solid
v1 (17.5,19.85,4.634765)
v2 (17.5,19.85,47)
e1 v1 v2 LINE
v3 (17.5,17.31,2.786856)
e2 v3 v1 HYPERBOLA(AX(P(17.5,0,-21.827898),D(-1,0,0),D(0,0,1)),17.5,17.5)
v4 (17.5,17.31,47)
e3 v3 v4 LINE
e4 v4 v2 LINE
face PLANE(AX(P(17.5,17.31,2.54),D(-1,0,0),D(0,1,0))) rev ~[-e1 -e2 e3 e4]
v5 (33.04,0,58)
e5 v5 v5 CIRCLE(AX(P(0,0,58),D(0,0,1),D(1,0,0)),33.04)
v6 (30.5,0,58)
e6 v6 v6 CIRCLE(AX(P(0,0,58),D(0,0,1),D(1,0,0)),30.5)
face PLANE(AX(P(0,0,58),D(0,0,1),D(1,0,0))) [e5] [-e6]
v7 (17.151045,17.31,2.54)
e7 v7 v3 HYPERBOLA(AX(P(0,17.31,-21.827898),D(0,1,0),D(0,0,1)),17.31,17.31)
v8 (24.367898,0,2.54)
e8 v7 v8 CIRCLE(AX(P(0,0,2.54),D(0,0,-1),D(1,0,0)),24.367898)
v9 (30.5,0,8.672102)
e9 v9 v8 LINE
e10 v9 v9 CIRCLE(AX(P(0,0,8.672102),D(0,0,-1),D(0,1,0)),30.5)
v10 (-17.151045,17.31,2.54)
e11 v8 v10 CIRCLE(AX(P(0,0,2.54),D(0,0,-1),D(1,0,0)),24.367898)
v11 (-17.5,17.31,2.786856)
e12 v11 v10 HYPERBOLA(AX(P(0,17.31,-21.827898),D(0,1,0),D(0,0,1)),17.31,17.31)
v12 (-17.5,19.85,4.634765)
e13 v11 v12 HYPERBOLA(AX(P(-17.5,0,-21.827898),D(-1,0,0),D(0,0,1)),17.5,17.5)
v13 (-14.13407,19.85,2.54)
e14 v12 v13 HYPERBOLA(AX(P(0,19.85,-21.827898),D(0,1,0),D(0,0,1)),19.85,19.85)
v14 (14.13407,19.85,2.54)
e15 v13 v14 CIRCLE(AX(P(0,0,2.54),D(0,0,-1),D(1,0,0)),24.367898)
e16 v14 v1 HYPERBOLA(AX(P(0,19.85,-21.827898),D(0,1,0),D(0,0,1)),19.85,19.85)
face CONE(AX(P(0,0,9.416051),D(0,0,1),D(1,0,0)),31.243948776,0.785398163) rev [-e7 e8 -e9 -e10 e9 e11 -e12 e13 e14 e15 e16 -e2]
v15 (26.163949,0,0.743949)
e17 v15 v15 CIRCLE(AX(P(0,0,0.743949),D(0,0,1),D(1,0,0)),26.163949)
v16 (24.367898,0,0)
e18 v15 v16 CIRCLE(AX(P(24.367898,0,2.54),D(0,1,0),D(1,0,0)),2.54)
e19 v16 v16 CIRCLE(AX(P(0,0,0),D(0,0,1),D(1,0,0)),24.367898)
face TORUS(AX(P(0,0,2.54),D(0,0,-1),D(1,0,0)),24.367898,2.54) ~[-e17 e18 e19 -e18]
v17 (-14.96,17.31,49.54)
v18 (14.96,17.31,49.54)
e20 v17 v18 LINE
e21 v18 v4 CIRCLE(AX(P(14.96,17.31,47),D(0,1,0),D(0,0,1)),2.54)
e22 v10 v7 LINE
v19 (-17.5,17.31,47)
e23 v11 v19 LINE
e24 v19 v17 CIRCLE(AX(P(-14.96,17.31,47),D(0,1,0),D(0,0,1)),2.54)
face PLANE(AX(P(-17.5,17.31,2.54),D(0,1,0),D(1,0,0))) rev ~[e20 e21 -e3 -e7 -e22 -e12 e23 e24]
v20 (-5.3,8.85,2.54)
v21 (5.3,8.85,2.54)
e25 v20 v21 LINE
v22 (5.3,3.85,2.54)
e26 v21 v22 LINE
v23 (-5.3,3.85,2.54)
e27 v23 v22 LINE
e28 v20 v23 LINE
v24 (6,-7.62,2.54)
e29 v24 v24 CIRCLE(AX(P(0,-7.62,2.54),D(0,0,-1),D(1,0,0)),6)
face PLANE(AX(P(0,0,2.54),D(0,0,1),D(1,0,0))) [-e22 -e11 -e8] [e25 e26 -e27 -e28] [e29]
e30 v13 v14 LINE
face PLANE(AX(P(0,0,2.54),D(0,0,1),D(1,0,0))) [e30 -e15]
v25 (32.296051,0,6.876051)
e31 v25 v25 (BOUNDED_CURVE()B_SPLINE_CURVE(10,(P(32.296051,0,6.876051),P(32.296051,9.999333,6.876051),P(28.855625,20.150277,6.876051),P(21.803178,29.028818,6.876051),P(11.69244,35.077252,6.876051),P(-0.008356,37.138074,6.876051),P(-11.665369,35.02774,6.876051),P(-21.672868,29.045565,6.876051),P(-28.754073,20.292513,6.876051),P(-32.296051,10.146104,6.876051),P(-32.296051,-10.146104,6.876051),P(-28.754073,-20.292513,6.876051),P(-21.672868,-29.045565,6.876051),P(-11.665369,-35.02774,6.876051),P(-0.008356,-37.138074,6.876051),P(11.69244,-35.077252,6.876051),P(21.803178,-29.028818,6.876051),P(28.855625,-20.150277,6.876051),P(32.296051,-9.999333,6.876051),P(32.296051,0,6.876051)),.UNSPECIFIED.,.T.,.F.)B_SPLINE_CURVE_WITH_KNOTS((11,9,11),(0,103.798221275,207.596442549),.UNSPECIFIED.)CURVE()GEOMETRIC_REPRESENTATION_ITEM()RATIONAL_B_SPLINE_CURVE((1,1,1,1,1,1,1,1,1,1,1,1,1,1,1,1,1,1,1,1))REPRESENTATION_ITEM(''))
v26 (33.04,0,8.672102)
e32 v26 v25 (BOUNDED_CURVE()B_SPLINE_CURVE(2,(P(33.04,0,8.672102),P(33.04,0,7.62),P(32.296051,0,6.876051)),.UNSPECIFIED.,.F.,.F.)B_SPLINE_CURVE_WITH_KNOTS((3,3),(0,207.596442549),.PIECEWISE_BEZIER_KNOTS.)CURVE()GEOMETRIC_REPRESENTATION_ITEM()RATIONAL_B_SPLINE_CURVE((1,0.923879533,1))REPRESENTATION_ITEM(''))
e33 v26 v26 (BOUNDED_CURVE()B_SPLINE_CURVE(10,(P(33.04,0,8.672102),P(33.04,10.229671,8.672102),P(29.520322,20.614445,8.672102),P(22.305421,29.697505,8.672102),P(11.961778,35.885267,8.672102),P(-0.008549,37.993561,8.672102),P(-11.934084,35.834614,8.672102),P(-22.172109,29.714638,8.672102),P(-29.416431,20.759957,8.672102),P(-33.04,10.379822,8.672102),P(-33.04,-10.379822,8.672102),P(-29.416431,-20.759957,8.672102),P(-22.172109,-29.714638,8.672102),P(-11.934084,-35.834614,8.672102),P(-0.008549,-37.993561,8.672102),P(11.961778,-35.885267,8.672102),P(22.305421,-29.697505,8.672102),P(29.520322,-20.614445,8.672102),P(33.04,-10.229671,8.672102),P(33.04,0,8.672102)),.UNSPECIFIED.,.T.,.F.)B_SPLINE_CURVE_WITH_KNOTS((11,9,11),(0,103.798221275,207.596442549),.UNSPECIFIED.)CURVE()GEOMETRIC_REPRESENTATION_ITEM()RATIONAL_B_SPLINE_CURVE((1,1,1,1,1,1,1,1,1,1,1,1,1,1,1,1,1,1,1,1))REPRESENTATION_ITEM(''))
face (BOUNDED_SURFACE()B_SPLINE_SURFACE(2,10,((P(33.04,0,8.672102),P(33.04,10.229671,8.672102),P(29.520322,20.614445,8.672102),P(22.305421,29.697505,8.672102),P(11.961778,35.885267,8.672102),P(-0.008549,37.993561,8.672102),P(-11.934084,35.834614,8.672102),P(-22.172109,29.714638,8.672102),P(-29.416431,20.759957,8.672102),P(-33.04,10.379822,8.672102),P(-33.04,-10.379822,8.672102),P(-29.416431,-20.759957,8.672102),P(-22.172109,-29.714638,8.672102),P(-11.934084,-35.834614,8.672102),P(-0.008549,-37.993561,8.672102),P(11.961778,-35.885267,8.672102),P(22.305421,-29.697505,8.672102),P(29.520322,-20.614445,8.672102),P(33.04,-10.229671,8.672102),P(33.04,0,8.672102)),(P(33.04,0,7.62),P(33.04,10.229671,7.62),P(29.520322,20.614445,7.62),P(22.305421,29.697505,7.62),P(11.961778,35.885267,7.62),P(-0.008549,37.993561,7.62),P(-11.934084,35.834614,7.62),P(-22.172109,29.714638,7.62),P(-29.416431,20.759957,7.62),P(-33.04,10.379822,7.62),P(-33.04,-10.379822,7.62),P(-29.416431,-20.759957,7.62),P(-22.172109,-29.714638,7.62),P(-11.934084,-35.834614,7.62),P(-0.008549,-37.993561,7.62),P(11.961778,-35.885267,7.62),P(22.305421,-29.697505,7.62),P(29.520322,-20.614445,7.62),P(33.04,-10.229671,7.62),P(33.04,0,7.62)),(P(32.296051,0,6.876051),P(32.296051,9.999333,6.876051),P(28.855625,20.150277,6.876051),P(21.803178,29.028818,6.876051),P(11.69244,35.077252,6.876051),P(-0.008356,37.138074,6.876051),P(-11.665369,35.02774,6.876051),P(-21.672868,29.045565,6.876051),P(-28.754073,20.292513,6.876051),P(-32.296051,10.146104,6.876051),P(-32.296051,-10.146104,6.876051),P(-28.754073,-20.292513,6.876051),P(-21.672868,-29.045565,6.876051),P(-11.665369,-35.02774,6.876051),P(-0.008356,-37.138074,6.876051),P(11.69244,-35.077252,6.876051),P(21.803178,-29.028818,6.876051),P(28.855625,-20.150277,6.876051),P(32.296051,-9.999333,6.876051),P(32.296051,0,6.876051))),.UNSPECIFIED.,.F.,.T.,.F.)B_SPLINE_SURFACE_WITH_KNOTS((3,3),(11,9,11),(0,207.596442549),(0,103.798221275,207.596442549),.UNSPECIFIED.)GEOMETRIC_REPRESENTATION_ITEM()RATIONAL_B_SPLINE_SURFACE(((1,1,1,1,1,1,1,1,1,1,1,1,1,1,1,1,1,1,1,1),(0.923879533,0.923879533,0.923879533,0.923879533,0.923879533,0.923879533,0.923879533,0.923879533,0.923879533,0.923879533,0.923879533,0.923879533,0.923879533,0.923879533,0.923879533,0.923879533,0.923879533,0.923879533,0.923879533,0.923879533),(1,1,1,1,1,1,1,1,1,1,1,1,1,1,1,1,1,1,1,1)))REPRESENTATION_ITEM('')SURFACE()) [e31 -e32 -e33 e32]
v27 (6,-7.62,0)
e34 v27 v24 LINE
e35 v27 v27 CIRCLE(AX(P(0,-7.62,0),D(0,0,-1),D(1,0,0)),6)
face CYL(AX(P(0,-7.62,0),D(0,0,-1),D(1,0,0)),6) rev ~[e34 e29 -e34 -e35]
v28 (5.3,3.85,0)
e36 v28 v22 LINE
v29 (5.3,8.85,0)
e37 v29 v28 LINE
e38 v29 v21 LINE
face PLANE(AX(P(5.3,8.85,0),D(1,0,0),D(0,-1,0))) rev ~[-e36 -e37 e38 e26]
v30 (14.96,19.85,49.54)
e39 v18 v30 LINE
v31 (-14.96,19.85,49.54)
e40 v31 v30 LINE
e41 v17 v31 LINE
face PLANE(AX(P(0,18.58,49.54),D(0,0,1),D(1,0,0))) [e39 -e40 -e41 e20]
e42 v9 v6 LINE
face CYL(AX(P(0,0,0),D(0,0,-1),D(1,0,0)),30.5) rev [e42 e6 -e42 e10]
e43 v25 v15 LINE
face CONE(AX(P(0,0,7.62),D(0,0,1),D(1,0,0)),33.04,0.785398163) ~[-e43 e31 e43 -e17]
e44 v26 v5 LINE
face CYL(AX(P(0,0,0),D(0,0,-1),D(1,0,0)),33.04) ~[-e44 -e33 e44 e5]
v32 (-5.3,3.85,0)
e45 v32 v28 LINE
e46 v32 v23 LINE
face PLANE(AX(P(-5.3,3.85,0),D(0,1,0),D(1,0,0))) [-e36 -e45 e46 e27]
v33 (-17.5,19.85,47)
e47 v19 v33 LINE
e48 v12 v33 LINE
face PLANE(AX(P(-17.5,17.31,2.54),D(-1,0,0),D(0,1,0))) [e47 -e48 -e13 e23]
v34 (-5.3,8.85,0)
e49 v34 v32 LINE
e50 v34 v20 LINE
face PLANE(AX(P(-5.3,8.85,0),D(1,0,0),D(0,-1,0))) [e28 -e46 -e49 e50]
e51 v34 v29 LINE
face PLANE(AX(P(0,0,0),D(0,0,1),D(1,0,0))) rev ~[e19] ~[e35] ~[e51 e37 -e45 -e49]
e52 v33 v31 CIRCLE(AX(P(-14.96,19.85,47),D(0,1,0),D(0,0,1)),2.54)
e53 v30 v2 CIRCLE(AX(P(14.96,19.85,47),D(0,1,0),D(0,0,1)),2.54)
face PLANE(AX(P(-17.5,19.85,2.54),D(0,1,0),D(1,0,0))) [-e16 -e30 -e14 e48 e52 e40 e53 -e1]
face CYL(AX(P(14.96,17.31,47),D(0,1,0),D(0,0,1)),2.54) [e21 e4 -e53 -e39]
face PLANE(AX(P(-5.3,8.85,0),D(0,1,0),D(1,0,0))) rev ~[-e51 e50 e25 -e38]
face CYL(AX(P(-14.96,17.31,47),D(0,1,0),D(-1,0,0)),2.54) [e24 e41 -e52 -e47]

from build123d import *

# Parameters (mm, degrees)
F0_R     = 33.04
F1_DEPTH = 58
F2_SIZE  = 7.62
F3_T     = -2.54
F4_R     = 2.54
F5_R     = 6
F5_W     = 10.6
F5_H     = 5
F6_DEPTH = 2.54
F7_W     = 35
F7_H     = 2.54
F8_DEPTH = 47
F9_R     = 2.54


with BuildPart() as f1:
    # F0 (on Top) → F1 (new body)
    with BuildSketch(Plane.XY):
        Circle(F0_R)
    extrude(amount=F1_DEPTH)

    # F2
    f2_edges = [f1.edges().sort_by_distance(p)[0] for p in [
        (-33.04, 0, 0),
    ]]
    chamfer(f2_edges, length=F2_SIZE)

    # F3
    f3_openings = [f1.faces().sort_by_distance(p)[0] for p in [
        (0, 0, 58),
    ]]
    offset(amount=F3_T, openings=f3_openings)

    # F4
    f4_edges = [f1.edges().sort_by_distance(p)[0] for p in [
        (-33.04, 0, 7.62),
        (-25.42, 0, 0),
    ]]
    fillet(f4_edges, radius=F4_R)

    # F5 (on face) → F6 (cut, through all)
    with BuildSketch(Plane(origin=(0, 0, 0), x_dir=(1, 0, 0), z_dir=(0, 0, -1))):
        with Locations((0, 7.62)):
            Circle(F5_R)
        with Locations((0, -6.35)):
            Rectangle(F5_W, F5_H)
    extrude(amount=-F6_DEPTH, mode=Mode.SUBTRACT)

    # F7 (on face) → F8 (join)
    with BuildSketch(Plane.XY.offset(2.54)):
        with Locations((0, 18.58)):
            Rectangle(F7_W, F7_H)
    extrude(amount=F8_DEPTH)

    # F9
    f9_edges = [f1.edges().sort_by_distance(p)[0] for p in [
        (-17.5, 18.58, 49.54),
        (17.5, 18.58, 49.54),
    ]]
    fillet(f9_edges, radius=F9_R)


solid = f1.part
